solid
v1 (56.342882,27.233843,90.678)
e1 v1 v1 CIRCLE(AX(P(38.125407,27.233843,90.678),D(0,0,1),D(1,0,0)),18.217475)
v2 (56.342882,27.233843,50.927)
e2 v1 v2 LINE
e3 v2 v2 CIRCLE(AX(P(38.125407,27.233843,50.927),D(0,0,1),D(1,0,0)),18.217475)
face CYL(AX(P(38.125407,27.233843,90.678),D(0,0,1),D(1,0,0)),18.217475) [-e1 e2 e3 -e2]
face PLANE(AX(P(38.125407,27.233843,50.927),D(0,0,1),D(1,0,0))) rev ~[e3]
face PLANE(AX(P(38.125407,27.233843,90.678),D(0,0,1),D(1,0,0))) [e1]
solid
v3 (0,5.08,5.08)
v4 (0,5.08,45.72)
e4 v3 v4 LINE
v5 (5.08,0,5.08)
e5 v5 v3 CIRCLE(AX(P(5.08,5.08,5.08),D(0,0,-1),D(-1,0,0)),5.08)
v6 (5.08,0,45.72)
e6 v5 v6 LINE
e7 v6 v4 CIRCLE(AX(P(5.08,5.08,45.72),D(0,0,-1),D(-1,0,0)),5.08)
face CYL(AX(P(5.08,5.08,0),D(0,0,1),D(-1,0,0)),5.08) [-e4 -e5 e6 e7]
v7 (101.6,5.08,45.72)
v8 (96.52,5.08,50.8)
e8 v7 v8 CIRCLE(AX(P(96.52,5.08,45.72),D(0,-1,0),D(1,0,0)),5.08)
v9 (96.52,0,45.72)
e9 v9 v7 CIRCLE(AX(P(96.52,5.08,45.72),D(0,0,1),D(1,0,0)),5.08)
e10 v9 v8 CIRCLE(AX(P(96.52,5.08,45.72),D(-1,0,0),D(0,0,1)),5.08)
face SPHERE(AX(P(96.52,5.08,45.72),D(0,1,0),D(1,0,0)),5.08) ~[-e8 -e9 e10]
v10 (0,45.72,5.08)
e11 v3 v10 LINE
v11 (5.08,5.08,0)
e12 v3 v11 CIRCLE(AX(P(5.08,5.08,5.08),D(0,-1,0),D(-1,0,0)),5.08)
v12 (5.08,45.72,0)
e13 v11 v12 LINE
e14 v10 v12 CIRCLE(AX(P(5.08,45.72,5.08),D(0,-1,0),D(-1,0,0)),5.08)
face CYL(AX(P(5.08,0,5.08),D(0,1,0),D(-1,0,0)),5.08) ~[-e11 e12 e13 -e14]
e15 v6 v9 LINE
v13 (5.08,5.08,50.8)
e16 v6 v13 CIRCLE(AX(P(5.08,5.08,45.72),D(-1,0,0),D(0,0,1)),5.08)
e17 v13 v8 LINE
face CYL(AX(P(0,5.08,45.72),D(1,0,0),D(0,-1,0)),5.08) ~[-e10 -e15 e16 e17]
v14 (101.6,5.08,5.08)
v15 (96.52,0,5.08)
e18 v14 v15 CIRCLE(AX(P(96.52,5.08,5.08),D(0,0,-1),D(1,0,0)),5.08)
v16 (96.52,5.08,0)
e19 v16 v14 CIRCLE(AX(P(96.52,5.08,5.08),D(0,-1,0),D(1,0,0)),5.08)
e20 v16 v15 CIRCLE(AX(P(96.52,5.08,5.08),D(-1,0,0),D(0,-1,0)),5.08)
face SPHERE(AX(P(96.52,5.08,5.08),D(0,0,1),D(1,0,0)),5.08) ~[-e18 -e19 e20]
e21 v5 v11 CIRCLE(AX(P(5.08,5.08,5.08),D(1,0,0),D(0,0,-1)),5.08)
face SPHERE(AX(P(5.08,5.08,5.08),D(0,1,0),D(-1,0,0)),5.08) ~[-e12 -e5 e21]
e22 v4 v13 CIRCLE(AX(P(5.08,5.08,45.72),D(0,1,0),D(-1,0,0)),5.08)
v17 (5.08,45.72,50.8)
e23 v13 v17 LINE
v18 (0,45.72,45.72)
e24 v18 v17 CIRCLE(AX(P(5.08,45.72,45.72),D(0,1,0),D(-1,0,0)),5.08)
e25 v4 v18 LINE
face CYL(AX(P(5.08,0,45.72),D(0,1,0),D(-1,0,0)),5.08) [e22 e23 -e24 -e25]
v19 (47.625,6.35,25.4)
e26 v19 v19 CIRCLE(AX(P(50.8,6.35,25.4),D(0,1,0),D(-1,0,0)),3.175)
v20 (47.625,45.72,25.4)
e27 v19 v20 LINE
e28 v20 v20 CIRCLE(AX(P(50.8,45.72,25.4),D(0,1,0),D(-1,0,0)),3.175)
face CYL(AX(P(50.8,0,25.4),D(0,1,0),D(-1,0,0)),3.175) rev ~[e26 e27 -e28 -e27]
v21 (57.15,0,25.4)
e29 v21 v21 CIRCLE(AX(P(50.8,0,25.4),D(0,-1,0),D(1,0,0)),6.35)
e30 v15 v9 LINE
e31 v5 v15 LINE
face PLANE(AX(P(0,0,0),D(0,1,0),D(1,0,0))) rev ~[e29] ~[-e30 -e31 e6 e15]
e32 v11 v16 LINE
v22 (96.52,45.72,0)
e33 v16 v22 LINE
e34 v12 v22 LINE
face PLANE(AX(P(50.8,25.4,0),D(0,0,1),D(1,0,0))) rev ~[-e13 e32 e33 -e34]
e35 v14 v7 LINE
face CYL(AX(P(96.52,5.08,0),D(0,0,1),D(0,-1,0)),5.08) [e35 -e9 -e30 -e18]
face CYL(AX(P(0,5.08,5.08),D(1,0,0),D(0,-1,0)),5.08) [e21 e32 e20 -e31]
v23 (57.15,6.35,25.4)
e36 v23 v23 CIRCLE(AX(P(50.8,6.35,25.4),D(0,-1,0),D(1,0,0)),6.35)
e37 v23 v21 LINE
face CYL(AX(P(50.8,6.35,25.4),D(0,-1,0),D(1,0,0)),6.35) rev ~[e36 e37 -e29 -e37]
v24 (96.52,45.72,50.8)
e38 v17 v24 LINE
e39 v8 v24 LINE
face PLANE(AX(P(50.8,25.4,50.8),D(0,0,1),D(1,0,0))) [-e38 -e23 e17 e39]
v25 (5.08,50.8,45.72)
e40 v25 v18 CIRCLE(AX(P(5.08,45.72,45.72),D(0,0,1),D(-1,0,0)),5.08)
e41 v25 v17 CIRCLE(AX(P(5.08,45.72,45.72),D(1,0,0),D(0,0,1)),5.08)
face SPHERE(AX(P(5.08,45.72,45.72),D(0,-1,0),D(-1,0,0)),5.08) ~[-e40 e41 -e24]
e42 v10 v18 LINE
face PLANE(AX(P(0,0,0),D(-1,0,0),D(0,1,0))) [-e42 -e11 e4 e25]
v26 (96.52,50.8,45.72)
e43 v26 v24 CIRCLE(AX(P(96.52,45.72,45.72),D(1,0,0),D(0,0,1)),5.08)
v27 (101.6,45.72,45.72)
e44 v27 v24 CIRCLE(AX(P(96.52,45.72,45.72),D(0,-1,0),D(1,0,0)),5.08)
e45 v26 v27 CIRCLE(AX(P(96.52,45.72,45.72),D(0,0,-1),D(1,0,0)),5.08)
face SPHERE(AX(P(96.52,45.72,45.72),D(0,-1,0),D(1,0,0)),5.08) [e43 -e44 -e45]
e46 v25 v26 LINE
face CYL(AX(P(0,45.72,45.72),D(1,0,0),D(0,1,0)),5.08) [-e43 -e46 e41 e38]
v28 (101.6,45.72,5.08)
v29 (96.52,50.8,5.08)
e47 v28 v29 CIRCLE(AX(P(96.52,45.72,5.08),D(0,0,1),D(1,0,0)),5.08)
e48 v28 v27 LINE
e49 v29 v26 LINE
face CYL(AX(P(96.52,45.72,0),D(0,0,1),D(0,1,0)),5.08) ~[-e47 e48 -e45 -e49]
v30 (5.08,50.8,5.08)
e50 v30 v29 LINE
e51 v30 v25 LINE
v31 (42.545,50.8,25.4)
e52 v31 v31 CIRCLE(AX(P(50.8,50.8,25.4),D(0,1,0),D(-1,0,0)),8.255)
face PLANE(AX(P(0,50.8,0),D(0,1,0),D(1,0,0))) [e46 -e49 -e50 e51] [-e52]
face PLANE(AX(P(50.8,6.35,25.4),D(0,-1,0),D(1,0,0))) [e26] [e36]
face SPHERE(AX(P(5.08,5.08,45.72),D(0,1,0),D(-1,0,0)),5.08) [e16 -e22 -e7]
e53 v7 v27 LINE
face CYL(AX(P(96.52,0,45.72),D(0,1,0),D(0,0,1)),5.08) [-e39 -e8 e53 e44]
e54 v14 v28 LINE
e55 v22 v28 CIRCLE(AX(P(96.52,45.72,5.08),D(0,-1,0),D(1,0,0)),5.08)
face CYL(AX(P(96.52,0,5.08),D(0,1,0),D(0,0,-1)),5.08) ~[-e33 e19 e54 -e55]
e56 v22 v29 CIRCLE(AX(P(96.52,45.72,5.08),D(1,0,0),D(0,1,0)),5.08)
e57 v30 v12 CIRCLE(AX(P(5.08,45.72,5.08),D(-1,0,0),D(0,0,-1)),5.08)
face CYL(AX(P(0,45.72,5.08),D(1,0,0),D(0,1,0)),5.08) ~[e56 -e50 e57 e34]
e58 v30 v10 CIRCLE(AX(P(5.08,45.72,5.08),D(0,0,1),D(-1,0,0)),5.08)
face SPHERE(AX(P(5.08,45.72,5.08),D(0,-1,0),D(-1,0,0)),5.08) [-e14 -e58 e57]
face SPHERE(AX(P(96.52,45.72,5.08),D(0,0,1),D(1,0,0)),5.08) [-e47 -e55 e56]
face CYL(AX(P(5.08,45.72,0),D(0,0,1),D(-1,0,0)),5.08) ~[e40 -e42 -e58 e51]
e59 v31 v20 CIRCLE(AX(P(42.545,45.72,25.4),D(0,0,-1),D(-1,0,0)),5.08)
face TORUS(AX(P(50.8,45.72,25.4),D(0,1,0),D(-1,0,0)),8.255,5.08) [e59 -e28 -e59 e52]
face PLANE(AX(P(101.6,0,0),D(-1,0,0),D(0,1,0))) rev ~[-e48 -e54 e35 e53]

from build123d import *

# Parameters (mm, degrees)
F0_W           = 101.6
F0_H           = 50.8
F1_DEPTH       = 50.8
F3_D           = 6.35
F3_CBORE_D     = 12.7
F3_CBORE_DEPTH = 6.35
F4_R           = 5.08
F6_R           = 18.2174752487
F7_DEPTH       = 39.751


with BuildPart() as f1:
    # F0 (on Top) → F1 (new body)
    with BuildSketch(Plane.XY):
        with Locations((50.8, 25.4)):
            Rectangle(F0_W, F0_H)
    extrude(amount=F1_DEPTH)

    # F3 (through all)
    with Locations(Plane.XZ):
        with Locations((50.8, 25.4)):
            CounterBoreHole(F3_D / 2, F3_CBORE_D / 2, F3_CBORE_DEPTH)

    # F4
    f4_edges = [f1.edges().sort_by_distance(p)[0] for p in [
        (101.6, 25.4, 50.8),
        (101.6, 0, 25.4),
        (101.6, 50.8, 25.4),
        (101.6, 25.4, 0),
        (0, 25.4, 50.8),
        (0, 25.4, 0),
        (0, 50.8, 25.4),
        (0, 0, 25.4),
        (50.8, 0, 50.8),
        (50.8, 0, 0),
        (50.8, 50.8, 0),
        (50.8, 50.8, 50.8),
        (47.625, 50.8, 25.4),
    ]]
    fillet(f4_edges, radius=F4_R)


with BuildPart() as f7:
    # F6 (on offset) → F7 (new body)
    with BuildSketch(Plane.XY.offset(90.678)):
        with Locations((38.1254069507, 27.2338427603)):
            Circle(F6_R)
    extrude(amount=-F7_DEPTH)


solid = Compound([f1.part, f7.part])
